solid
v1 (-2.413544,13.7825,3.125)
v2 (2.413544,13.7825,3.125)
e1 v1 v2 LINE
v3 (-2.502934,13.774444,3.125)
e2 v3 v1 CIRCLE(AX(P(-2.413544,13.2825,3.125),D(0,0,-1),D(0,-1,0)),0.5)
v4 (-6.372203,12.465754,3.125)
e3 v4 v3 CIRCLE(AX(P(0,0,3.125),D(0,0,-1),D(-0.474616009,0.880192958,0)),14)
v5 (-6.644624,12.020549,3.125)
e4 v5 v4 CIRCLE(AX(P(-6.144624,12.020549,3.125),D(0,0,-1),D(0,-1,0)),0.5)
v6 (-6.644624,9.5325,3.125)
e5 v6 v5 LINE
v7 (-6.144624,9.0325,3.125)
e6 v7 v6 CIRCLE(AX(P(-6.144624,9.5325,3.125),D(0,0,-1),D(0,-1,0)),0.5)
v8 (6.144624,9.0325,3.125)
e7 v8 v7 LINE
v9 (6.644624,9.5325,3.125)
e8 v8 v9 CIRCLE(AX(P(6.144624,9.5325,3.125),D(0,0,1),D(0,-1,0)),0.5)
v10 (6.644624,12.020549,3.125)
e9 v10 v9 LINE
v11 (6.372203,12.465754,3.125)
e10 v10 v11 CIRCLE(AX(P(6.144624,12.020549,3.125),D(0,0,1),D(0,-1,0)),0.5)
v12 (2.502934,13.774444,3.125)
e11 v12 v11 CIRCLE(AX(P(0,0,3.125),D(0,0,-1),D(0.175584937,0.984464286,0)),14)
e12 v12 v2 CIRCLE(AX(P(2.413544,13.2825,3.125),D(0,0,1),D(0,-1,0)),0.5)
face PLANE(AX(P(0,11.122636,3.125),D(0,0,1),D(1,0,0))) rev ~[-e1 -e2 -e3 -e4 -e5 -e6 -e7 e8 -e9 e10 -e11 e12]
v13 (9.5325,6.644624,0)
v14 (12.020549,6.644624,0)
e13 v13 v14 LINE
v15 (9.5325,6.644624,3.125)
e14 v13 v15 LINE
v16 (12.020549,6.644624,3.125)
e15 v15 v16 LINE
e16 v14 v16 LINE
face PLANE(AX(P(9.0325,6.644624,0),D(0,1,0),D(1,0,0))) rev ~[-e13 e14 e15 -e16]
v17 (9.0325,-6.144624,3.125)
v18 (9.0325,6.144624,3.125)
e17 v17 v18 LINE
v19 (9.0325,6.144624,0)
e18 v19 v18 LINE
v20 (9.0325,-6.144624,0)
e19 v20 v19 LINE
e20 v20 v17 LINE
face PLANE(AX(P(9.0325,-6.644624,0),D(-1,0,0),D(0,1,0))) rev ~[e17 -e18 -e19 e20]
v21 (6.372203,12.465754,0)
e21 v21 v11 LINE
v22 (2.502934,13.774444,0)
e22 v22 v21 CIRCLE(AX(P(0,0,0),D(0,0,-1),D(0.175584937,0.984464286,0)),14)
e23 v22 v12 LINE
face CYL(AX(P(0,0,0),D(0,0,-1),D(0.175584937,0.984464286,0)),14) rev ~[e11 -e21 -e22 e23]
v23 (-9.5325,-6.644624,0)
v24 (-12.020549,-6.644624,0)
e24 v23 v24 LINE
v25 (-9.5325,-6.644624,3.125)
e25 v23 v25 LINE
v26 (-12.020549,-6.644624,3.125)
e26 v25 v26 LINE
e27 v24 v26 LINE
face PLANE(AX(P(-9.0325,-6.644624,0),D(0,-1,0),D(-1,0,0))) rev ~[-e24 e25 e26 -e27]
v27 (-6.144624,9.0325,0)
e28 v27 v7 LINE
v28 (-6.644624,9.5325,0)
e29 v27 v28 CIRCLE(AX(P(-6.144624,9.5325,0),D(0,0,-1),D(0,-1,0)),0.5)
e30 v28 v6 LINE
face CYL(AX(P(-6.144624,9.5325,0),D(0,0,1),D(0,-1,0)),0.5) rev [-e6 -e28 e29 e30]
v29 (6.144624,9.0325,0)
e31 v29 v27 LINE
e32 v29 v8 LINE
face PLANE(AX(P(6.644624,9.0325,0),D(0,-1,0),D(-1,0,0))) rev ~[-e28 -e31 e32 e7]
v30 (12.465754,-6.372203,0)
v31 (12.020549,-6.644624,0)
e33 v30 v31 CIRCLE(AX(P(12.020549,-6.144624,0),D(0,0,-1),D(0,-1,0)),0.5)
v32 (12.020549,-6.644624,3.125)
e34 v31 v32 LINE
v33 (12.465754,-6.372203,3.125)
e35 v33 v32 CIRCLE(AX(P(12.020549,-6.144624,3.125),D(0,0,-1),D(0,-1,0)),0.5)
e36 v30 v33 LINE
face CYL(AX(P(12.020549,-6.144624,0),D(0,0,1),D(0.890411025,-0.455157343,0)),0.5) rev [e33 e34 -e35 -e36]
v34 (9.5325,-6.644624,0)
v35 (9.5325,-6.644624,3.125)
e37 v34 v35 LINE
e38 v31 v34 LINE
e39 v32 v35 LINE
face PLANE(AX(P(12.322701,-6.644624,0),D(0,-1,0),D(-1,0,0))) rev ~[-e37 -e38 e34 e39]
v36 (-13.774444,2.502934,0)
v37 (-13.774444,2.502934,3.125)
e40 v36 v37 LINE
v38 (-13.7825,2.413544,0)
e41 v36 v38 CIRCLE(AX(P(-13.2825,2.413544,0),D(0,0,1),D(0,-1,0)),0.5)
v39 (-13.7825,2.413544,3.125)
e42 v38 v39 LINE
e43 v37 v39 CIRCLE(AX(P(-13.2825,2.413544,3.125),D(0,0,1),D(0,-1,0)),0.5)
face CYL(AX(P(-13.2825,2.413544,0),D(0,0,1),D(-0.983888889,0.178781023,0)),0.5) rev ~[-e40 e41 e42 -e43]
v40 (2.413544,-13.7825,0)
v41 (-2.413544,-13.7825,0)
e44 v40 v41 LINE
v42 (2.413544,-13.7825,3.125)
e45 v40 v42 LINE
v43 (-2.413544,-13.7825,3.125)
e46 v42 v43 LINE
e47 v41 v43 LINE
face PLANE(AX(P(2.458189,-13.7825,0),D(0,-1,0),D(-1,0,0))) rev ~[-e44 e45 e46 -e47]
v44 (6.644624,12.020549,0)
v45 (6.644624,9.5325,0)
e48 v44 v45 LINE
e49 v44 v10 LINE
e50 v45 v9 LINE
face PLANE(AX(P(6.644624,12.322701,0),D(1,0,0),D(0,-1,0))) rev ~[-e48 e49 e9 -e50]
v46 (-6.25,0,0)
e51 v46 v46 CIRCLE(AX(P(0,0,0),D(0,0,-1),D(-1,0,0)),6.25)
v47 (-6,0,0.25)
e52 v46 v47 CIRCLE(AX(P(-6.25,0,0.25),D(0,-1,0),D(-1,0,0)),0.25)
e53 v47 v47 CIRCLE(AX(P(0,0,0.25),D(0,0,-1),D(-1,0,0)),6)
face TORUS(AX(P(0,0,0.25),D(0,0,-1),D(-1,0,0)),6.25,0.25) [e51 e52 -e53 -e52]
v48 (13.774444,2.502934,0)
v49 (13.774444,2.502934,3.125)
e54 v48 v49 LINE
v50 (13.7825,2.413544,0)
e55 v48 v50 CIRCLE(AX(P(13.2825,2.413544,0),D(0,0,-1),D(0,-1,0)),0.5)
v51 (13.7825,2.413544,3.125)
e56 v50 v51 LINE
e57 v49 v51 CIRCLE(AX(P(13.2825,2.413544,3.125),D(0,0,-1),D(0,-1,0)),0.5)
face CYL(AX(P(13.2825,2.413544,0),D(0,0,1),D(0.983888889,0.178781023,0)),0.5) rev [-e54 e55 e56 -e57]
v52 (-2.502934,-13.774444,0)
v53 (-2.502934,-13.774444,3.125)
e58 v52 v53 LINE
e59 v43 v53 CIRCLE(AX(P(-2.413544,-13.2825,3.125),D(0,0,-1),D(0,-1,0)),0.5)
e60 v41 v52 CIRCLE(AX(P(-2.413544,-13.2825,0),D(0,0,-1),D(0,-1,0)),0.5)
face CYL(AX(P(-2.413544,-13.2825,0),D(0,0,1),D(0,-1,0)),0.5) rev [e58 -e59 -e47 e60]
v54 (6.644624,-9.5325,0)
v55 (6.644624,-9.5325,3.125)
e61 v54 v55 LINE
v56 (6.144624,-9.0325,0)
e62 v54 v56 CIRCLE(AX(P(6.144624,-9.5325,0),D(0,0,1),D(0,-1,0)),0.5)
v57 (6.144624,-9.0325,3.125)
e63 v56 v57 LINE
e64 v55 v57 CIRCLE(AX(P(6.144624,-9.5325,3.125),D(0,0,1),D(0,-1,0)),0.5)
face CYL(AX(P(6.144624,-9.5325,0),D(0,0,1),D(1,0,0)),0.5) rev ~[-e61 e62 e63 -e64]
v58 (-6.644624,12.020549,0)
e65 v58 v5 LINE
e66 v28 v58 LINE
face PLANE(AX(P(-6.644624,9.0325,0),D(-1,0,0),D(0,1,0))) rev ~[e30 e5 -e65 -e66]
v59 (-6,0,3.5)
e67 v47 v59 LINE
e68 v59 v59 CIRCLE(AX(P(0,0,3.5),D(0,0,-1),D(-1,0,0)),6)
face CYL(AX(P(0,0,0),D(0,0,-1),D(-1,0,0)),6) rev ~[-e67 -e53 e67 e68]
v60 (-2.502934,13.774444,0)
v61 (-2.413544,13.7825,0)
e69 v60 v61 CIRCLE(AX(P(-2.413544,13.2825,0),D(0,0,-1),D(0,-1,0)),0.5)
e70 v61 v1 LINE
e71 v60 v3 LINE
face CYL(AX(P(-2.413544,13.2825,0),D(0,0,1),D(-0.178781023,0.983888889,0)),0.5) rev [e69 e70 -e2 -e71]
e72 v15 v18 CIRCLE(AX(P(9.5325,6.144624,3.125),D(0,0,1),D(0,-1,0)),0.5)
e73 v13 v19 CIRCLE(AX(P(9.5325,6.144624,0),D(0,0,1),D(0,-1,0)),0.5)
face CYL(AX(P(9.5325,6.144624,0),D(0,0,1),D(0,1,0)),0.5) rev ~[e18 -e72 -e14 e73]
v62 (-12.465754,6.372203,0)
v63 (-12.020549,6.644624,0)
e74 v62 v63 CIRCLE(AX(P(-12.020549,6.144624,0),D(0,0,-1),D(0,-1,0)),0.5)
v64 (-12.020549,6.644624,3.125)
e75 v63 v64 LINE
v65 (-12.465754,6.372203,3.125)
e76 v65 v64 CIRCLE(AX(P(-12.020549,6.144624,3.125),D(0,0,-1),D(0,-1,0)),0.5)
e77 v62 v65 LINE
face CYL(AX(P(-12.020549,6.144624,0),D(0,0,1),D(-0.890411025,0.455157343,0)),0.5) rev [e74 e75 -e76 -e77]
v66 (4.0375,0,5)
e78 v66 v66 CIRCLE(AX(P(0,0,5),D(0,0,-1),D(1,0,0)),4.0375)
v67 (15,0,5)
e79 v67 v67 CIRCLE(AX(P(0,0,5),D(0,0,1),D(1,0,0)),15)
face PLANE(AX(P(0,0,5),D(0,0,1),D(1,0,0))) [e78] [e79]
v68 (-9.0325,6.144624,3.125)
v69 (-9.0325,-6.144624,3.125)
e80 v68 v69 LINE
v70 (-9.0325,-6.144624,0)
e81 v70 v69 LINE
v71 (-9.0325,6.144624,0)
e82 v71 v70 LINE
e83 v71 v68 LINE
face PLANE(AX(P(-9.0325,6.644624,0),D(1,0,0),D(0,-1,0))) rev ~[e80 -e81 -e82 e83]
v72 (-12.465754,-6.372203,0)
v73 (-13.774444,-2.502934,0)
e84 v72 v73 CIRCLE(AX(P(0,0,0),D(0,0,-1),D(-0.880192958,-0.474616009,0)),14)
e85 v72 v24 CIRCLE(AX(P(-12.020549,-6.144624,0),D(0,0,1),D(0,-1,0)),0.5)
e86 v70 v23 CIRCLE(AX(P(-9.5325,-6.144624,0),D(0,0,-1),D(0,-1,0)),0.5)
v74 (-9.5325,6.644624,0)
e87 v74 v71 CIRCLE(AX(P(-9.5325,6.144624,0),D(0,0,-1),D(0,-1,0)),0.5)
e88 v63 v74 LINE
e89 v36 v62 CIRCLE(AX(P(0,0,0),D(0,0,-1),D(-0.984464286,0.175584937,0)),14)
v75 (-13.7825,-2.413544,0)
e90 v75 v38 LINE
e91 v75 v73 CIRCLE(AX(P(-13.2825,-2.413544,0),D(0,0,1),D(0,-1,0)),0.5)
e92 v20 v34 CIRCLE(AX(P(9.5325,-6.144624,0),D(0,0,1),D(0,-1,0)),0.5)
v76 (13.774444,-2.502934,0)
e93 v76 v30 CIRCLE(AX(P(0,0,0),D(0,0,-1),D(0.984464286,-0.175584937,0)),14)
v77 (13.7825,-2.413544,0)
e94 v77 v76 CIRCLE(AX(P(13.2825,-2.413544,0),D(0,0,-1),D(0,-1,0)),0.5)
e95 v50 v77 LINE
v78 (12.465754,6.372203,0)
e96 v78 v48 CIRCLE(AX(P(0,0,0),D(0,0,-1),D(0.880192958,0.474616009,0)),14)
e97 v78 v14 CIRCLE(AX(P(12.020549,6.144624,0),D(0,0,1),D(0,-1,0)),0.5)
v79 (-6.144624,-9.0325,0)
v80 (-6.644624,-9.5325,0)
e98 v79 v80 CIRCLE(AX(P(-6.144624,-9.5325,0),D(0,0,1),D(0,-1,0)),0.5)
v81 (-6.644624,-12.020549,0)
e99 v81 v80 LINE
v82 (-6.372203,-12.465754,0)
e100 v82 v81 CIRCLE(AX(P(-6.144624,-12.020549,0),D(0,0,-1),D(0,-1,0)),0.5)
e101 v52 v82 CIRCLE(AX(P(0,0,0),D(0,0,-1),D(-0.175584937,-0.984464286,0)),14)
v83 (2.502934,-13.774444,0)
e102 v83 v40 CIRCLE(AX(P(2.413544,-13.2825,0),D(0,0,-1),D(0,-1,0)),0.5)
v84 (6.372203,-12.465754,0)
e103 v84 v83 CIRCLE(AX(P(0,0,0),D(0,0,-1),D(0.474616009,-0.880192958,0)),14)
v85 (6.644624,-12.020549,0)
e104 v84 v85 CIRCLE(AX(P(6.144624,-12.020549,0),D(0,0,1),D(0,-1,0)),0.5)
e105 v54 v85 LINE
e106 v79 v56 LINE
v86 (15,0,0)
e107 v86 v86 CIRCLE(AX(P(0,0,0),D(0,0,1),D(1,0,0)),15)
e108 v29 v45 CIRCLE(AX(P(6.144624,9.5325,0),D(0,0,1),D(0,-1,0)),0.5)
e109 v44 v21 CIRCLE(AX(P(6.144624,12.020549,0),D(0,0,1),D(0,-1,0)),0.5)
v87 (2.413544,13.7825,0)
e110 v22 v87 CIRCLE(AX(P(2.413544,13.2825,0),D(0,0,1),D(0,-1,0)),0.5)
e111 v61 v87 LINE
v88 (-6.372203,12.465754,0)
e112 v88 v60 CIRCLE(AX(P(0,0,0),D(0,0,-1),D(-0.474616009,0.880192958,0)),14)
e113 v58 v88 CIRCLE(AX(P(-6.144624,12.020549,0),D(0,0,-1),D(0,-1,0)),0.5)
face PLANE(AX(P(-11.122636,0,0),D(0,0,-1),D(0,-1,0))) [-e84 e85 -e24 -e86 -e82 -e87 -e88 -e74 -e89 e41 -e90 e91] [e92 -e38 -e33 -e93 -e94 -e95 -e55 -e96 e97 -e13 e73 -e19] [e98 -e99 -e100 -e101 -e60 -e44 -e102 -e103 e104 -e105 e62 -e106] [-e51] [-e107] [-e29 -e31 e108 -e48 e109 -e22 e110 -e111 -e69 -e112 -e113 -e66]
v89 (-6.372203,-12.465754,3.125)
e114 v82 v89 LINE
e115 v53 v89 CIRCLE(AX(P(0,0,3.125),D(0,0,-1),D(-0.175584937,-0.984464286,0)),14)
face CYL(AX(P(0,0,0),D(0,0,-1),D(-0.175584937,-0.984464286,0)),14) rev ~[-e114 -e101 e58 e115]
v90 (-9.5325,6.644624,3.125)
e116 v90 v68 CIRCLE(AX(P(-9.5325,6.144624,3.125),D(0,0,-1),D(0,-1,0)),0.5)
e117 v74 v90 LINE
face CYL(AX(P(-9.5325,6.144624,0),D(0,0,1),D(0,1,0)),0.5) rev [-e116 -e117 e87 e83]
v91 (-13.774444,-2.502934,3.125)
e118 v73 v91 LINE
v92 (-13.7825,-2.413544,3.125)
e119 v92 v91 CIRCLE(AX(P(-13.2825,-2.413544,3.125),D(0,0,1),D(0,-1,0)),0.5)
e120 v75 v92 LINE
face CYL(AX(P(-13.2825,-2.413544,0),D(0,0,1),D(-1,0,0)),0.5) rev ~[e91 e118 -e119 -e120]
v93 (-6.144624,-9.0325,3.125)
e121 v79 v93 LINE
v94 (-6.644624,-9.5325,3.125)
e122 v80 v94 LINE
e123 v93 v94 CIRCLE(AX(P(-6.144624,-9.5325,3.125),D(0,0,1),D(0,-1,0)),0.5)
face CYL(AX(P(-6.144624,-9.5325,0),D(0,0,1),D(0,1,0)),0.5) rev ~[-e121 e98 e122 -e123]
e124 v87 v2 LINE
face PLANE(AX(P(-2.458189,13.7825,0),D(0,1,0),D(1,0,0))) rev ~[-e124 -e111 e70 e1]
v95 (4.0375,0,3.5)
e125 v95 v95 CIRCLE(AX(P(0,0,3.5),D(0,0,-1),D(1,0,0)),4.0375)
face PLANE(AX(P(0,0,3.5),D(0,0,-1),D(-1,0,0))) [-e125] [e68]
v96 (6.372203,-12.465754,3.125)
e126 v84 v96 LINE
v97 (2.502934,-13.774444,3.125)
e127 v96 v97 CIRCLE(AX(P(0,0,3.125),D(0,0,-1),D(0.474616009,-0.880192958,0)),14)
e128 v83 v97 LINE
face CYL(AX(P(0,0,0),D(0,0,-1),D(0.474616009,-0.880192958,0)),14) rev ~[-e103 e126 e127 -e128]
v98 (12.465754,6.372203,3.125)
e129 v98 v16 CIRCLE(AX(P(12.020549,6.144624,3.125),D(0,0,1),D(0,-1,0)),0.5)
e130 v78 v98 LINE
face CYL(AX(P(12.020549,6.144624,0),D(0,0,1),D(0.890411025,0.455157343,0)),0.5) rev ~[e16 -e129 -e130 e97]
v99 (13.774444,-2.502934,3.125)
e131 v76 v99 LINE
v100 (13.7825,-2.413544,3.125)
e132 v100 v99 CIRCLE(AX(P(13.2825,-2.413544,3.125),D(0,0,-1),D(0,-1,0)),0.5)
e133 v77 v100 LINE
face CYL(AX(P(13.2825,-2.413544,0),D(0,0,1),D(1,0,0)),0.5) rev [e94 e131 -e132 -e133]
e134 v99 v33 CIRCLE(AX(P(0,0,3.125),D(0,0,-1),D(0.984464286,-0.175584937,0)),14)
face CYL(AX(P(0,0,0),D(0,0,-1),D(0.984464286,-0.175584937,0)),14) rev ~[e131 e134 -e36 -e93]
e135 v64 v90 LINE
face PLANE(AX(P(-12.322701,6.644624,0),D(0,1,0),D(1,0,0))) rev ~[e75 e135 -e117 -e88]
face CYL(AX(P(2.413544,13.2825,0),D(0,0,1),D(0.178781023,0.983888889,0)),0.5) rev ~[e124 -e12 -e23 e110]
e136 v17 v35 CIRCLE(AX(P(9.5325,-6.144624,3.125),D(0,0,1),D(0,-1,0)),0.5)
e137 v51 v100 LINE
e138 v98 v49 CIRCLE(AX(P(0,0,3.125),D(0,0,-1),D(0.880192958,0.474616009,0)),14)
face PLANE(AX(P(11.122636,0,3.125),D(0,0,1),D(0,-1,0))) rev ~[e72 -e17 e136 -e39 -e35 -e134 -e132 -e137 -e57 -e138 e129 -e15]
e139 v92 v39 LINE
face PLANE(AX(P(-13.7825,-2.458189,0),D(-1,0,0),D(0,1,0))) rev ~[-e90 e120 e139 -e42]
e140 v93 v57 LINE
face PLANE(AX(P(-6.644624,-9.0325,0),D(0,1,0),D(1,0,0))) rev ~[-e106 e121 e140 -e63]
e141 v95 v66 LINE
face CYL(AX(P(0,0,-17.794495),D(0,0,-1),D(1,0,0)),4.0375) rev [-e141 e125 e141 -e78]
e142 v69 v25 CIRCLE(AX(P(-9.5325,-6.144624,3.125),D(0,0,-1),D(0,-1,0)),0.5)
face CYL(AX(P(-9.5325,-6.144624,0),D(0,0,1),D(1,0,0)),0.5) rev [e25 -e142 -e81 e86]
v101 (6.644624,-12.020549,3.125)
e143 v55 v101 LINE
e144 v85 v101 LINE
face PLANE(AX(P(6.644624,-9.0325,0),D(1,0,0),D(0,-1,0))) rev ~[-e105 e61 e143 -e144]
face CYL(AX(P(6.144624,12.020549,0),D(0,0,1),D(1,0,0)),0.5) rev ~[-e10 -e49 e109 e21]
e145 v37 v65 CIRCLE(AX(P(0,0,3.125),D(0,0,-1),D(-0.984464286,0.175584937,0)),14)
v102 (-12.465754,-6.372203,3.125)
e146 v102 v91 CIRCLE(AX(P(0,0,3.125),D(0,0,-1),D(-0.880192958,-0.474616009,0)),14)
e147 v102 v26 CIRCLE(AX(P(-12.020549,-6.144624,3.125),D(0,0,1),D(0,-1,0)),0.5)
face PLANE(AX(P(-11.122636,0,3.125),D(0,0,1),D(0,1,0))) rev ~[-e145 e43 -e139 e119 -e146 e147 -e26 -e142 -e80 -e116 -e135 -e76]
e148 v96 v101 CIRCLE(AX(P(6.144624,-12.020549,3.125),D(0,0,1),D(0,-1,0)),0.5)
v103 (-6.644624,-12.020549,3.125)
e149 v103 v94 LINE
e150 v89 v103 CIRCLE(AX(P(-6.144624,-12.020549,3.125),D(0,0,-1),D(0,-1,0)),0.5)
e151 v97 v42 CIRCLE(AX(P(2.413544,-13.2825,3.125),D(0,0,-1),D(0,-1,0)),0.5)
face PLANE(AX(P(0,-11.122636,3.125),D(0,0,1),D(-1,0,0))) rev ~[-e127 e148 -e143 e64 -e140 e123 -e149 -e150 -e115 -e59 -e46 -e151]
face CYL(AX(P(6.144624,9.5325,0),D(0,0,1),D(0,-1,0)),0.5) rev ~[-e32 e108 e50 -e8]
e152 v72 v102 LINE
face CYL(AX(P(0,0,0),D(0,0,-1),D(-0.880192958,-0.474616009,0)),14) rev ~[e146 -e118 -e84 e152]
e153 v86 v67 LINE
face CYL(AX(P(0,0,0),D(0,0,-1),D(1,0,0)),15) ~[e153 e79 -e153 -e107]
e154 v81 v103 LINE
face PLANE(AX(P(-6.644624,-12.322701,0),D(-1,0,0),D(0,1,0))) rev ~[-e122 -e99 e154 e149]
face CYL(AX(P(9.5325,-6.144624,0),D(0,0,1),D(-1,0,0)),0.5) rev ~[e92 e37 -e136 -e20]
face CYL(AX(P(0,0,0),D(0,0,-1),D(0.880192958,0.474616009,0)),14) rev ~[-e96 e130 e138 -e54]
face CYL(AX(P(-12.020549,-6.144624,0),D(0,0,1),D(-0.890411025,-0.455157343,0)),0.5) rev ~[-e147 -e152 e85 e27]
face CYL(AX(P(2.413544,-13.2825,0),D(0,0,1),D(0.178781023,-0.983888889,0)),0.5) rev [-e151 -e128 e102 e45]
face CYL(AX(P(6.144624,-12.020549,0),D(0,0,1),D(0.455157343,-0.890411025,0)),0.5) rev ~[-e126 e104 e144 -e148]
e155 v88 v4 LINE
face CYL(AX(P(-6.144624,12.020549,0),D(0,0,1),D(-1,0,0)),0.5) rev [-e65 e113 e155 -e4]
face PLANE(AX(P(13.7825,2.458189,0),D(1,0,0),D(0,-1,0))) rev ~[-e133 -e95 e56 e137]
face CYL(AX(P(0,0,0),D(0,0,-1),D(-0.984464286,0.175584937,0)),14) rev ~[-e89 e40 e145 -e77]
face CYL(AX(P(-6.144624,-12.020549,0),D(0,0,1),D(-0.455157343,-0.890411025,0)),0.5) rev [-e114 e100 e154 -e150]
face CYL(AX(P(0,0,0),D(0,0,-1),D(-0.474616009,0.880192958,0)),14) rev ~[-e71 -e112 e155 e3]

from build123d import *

# Parameters (mm, degrees)
SKETCH1_R               = 15
BOSS_EXTRUDE1_DEPTH     = 5
CUT_EXTRUDE1_DEPTH      = 3.125
BOSS_EXTRUDE4_START     = 3.125
BOSS_EXTRUDE4_DEPTH     = 3.125
CIRPATTERN1_COUNT       = 4
SKETCH4_R               = 6
CUT_EXTRUDE2_DEPTH      = 3.5
FILLET1_R               = 0.25
CUT_EXTRUDE3_DEPTH      = 22.794494718
CUT_EXTRUDE3_DEPTH_BACK = 22.794494718
SKETCH5_R               = 4.0375
FILLET2_R               = 0.5


with BuildPart() as part:
    # Sketch1 → Boss-Extrude1 (new body)
    with BuildSketch(Plane.XY):
        Circle(SKETCH1_R)
    extrude(amount=BOSS_EXTRUDE1_DEPTH)

    # Sketch1<5> → Cut-Extrude1 (cut)
    with BuildSketch(Plane.XY):
        with BuildLine():
            ThreePointArc((-2.469224322, 13.9075), (-4.680749466, 13.326897968), (-6.769624128, 12.397088939))
            Line((-6.769624128, 12.397088939), (-6.769624128, 8.9075))
            Line((-6.769624128, 8.9075), (6.769624128, 8.9075))
            Line((6.769624128, 8.9075), (6.769624128, 12.397088939))
            ThreePointArc((6.769624128, 12.397088939), (4.680749466, 13.326897968), (2.469224322, 13.9075))
            Line((2.469224322, 13.9075), (-2.469224322, 13.9075))
        make_face()
    cut_extrude1 = extrude(amount=CUT_EXTRUDE1_DEPTH, mode=Mode.SUBTRACT)

    # Sketch7 → Boss-Extrude4 (add)
    with BuildSketch(Plane(origin=(0, 0, 3.125), x_dir=(-1, 0, 0), z_dir=(0, 0, -1)).offset(BOSS_EXTRUDE4_START)):
        with BuildLine():
            ThreePointArc((-2.469224322, 13.9075), (-4.680749466, 13.326897968), (-6.769624128, 12.397088939))
            Line((-6.769624128, 12.397088939), (-6.769624128, 8.9075))
            Line((-6.769624128, 8.9075), (6.769624128, 8.9075))
            Line((6.769624128, 8.9075), (6.769624128, 12.397088939))
            ThreePointArc((6.769624128, 12.397088939), (4.680749466, 13.326897968), (2.469224322, 13.9075))
            Line((2.469224322, 13.9075), (-2.469224322, 13.9075))
        make_face()
        with BuildLine():
            Line((-6.644624128, 9.0325), (-6.644624128, 12.322701416))
            ThreePointArc((-6.644624128, 12.322701416), (-4.609561284, 13.219377624), (-2.45818912, 13.7825))
            Line((-2.45818912, 13.7825), (2.45818912, 13.7825))
            ThreePointArc((2.45818912, 13.7825), (4.609561284, 13.219377624), (6.644624128, 12.322701416))
            Line((6.644624128, 12.322701416), (6.644624128, 9.0325))
            Line((6.644624128, 9.0325), (-6.644624128, 9.0325))
        make_face(mode=Mode.SUBTRACT)
    boss_extrude4 = extrude(amount=-BOSS_EXTRUDE4_DEPTH)

    # CirPattern1: Cut-Extrude1, Boss-Extrude4 ×4 about axis
    cirpattern1_axis = Axis((0, 0, -0.25), (0, 0, 1))
    add([cut_extrude1.rotate(cirpattern1_axis, i * 360 / CIRPATTERN1_COUNT) for i in range(1, CIRPATTERN1_COUNT)], mode=Mode.SUBTRACT)
    add([boss_extrude4.rotate(cirpattern1_axis, i * 360 / CIRPATTERN1_COUNT) for i in range(1, CIRPATTERN1_COUNT)])

    # Sketch4 → Cut-Extrude2 (cut)
    with BuildSketch(Plane(origin=(0, 0, 0), x_dir=(-1, 0, 0), z_dir=(0, 0, -1))):
        Circle(SKETCH4_R)
    extrude(amount=-CUT_EXTRUDE2_DEPTH, mode=Mode.SUBTRACT)

    # Fillet1
    fillet1_edges = [part.edges().sort_by_distance(p)[0] for p in [
        (6, 0, 0),
    ]]
    fillet(fillet1_edges, radius=FILLET1_R)

    # Sketch5 → Cut-Extrude3 (cut, two sides: drawn at the far end of the back side and taken through both)
    with BuildSketch(Plane.XY.offset(5).offset(-CUT_EXTRUDE3_DEPTH_BACK)):
        Circle(SKETCH5_R)
    extrude(amount=CUT_EXTRUDE3_DEPTH + CUT_EXTRUDE3_DEPTH_BACK, mode=Mode.SUBTRACT)

    # Fillet2
    fillet2_edges = [part.edges().sort_by_distance(p)[0] for p in [
        (12.322701416, -6.644624128, 1.5625),
        (9.0325, -6.644624128, 1.5625),
        (9.0325, 6.644624128, 1.5625),
        (12.322701416, 6.644624128, 1.5625),
        (13.7825, 2.45818912, 1.5625),
        (13.7825, -2.45818912, 1.5625),
        (-6.644624128, -12.322701416, 1.5625),
        (-6.644624128, -9.0325, 1.5625),
        (6.644624128, -9.0325, 1.5625),
        (6.644624128, -12.322701416, 1.5625),
        (2.45818912, -13.7825, 1.5625),
        (-2.45818912, -13.7825, 1.5625),
        (-12.322701416, 6.644624128, 1.5625),
        (-9.0325, 6.644624128, 1.5625),
        (-9.0325, -6.644624128, 1.5625),
        (-12.322701416, -6.644624128, 1.5625),
        (-13.7825, -2.45818912, 1.5625),
        (-13.7825, 2.45818912, 1.5625),
        (6.644624128, 9.0325, 1.5625),
        (-6.644624128, 9.0325, 1.5625),
        (-6.644624128, 12.322701416, 1.5625),
        (-2.45818912, 13.7825, 1.5625),
        (2.45818912, 13.7825, 1.5625),
        (6.644624128, 12.322701416, 1.5625),
    ]]
    fillet(fillet2_edges, radius=FILLET2_R)


solid = part.part
